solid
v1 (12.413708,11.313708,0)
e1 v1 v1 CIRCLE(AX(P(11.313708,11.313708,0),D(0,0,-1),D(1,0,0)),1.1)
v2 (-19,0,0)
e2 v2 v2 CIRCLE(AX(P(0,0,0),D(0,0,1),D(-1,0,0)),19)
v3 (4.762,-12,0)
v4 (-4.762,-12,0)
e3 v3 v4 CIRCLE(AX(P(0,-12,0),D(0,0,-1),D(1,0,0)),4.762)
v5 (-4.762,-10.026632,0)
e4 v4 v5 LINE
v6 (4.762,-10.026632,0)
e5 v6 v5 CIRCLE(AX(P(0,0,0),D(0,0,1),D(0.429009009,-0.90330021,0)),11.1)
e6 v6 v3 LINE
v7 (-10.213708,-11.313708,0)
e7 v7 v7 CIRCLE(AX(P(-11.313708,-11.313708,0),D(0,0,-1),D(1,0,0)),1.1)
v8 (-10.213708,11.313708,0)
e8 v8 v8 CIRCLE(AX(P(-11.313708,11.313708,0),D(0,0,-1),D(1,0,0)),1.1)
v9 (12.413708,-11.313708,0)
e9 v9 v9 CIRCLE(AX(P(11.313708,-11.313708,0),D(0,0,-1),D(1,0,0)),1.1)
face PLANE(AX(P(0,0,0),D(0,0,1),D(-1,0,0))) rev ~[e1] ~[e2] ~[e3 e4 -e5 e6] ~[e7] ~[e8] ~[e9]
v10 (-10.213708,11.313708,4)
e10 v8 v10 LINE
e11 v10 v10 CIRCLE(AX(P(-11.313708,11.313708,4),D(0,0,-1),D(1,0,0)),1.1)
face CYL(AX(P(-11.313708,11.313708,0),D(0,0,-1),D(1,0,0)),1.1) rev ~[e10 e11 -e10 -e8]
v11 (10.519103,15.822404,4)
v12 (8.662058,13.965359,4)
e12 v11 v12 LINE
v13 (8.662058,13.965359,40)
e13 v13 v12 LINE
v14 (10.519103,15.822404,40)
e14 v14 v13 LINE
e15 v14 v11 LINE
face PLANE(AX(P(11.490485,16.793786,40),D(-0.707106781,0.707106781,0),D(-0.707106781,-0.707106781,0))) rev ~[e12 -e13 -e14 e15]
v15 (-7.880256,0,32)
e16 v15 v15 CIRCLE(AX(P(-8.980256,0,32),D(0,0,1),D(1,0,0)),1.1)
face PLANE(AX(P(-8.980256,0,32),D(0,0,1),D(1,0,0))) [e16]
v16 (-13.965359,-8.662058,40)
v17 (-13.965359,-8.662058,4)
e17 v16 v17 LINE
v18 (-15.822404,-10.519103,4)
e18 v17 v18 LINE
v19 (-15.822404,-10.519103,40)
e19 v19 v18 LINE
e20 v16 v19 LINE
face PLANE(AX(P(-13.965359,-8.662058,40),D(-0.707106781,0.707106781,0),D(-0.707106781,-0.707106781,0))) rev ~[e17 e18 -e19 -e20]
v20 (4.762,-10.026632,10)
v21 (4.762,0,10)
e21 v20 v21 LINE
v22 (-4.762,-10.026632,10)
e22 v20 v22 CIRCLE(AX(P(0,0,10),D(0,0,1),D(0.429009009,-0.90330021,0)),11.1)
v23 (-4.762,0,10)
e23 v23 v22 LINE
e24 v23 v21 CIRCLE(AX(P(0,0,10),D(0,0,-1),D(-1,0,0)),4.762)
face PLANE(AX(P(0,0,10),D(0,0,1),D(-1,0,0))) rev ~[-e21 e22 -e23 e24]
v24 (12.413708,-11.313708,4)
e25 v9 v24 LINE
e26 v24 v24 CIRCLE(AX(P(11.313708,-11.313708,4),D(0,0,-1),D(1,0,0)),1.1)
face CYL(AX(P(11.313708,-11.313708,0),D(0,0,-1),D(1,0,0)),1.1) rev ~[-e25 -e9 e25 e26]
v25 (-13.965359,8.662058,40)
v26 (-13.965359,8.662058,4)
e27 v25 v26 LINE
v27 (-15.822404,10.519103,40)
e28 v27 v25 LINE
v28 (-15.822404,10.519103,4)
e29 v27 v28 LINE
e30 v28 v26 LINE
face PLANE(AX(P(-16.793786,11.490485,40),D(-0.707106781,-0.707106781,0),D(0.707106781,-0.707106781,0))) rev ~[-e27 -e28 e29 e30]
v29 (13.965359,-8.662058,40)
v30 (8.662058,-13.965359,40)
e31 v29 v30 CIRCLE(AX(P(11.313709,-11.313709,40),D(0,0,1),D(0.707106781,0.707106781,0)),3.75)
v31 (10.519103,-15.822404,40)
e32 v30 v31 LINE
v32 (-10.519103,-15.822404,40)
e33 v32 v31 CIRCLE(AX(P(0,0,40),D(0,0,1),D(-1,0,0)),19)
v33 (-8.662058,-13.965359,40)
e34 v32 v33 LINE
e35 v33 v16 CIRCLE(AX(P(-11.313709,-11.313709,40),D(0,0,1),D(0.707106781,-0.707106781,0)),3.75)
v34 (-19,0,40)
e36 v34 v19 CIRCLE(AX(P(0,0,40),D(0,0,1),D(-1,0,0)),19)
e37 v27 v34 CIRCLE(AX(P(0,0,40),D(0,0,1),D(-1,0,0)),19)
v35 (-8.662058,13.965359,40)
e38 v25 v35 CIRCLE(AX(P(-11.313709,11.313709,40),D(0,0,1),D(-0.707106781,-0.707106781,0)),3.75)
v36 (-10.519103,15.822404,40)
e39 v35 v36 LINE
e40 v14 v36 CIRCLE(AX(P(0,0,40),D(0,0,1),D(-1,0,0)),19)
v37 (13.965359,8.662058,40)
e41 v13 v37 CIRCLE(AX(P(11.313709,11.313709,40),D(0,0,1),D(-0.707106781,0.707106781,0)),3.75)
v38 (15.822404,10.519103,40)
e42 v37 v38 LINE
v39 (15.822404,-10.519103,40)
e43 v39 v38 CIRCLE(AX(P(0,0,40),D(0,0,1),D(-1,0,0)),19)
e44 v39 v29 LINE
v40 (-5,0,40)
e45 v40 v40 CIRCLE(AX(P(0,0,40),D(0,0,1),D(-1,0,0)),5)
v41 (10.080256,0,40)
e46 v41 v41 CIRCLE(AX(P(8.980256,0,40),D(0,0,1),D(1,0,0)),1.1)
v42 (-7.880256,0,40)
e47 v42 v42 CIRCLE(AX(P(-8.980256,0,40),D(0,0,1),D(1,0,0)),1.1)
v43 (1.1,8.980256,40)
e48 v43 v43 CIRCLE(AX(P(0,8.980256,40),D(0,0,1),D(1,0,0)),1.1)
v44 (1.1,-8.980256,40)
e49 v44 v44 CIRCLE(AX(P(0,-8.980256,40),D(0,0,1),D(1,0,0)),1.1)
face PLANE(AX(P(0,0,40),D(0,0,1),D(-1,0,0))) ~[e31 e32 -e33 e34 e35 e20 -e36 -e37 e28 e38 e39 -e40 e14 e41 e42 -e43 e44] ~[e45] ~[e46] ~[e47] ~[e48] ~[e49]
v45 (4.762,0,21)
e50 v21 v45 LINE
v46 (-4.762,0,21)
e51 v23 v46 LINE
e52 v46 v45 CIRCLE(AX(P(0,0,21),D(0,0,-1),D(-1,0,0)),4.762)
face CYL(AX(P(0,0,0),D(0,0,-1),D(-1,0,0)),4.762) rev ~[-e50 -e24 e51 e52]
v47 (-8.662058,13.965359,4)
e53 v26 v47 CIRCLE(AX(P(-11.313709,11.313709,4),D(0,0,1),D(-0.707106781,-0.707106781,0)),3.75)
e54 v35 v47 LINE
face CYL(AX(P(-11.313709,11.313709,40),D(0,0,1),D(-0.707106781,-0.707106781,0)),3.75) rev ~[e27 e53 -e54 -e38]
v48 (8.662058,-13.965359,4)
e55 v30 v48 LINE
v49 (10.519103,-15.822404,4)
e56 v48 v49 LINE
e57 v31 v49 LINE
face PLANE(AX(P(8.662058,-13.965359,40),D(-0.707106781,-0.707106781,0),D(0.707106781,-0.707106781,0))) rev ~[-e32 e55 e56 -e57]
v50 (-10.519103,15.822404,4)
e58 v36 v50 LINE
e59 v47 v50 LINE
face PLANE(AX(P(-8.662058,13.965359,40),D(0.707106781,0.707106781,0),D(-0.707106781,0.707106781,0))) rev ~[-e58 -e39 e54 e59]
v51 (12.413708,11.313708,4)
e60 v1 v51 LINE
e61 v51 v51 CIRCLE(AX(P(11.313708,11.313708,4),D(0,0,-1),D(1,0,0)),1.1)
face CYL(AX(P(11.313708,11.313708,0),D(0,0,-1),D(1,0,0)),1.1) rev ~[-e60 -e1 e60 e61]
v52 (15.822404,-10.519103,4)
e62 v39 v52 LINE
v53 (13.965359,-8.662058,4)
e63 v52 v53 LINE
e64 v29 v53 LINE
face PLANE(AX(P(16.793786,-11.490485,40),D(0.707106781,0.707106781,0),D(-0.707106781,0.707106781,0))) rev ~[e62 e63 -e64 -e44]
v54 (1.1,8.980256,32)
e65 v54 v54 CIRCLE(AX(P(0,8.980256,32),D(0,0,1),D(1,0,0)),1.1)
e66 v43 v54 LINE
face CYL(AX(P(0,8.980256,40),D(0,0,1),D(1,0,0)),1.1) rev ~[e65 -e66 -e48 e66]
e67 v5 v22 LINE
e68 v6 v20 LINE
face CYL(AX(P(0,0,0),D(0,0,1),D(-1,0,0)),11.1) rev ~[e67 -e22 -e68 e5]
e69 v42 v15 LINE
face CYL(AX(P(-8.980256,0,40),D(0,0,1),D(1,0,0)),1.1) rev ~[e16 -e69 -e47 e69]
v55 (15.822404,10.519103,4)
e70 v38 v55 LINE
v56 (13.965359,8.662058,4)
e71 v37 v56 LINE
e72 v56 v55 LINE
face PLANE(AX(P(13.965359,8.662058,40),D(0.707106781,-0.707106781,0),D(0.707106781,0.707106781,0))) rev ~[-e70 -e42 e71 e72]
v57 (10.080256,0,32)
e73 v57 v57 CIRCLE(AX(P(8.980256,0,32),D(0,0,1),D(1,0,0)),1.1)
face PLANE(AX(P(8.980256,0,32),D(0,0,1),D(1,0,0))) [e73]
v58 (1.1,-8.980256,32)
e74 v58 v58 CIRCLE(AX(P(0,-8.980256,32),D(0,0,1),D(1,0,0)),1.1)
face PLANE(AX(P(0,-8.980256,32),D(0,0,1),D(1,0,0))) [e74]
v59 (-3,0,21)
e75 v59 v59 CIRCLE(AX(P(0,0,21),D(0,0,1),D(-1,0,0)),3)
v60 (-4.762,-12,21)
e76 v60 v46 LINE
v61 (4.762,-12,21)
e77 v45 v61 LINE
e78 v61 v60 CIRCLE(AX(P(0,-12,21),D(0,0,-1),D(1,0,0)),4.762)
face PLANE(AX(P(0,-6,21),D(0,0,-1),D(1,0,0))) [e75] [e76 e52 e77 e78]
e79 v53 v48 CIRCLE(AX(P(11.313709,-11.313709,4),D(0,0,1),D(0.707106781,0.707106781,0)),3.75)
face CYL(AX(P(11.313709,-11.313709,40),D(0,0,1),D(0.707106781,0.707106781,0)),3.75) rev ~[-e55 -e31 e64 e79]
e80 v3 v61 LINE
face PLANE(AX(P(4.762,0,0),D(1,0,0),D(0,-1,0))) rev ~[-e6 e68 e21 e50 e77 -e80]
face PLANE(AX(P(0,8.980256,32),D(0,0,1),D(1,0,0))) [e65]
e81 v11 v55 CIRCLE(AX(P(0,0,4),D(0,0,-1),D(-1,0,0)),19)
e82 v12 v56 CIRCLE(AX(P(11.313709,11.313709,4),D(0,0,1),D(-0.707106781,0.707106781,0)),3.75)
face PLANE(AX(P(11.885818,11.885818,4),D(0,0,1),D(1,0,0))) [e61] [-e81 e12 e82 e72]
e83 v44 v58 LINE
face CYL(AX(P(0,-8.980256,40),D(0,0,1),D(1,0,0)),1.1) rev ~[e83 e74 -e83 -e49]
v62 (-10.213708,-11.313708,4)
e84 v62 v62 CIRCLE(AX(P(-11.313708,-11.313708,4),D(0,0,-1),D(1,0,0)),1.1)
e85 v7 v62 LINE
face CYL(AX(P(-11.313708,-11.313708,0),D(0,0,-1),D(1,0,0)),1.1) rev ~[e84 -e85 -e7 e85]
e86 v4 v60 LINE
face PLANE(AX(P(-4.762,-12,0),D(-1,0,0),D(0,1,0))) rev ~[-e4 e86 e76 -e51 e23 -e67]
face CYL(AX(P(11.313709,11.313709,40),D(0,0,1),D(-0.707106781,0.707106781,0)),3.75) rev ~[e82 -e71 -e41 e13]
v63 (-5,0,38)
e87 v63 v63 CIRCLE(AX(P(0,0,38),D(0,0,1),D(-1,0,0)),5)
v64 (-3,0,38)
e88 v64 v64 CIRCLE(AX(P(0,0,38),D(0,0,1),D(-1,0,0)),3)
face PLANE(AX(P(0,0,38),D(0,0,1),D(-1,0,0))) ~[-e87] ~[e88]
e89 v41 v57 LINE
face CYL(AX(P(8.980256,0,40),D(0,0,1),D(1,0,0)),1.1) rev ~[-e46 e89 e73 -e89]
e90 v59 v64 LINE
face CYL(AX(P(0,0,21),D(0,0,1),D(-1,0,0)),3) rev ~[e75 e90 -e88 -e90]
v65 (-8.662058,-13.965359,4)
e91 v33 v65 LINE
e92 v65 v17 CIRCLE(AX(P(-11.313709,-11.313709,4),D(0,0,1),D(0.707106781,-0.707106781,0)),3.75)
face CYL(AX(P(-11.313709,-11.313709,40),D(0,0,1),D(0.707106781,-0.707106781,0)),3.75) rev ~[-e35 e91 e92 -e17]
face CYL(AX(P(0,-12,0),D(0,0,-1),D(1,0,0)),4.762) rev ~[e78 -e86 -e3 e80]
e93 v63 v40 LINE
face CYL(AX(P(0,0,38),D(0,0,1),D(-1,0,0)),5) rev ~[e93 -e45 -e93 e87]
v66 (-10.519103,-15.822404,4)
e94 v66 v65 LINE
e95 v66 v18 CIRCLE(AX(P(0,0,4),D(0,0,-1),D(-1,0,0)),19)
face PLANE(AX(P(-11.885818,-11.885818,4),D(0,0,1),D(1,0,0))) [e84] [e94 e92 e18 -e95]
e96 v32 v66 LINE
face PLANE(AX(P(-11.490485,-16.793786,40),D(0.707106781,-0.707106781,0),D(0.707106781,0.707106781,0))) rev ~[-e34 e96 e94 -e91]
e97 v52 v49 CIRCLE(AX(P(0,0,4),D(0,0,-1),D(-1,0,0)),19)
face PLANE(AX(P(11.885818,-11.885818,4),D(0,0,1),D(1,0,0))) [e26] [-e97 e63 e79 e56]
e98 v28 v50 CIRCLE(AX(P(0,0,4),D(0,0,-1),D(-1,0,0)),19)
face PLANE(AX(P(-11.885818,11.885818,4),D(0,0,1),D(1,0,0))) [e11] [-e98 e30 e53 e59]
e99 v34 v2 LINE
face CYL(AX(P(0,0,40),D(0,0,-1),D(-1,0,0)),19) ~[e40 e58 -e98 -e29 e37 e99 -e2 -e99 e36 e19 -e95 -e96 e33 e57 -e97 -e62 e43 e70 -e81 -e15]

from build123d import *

# Parameters (mm, degrees)
F3_DEPTH = 36
F4_R     = 1.1
F5_DEPTH = 8
F6_R     = 1.1
F7_DEPTH = 21


with BuildPart() as f1:
    # F0 (on Front) → F1 (revolve)
    with BuildSketch(Plane.XZ):
        Polygon((-19, 0), (-11.1, 0), (-11.1, 10), (0, 10), (0, 21), (-3, 21), (-3, 38), (-5, 38), (-5, 40), (-19, 40), align=None)
    revolve(axis=Axis((0, 0, 15.5), (0, 0, 1)))

    # F2 (on face) → F3 (cut)
    with BuildSketch(Plane.XY.offset(40)):
        with BuildLine():
            Line((11.490485, 16.793786), (8.662058, 13.965359))
            ThreePointArc((8.662058, 13.965359), (8.662058, 8.662058), (13.965359, 8.662058))
            Line((13.965359, 8.662058), (16.793786, 11.490485))
            Line((16.793786, 11.490485), (11.490485, 16.793786))
        make_face()
        with BuildLine():
            Line((-16.793786, 11.490485), (-13.965359, 8.662058))
            ThreePointArc((-13.965359, 8.662058), (-8.662058, 8.662058), (-8.662058, 13.965359))
            Line((-8.662058, 13.965359), (-11.490485, 16.793786))
            Line((-11.490485, 16.793786), (-16.793786, 11.490485))
        make_face()
        with BuildLine():
            Line((-11.490485, -16.793786), (-8.662058, -13.965359))
            ThreePointArc((-8.662058, -13.965359), (-8.662058, -8.662058), (-13.965359, -8.662058))
            Line((-13.965359, -8.662058), (-16.793786, -11.490485))
            Line((-16.793786, -11.490485), (-11.490485, -16.793786))
        make_face()
        with BuildLine():
            Line((16.793786, -11.490485), (13.965359, -8.662058))
            ThreePointArc((13.965359, -8.662058), (8.662058, -8.662058), (8.662058, -13.965359))
            Line((8.662058, -13.965359), (11.490485, -16.793786))
            Line((11.490485, -16.793786), (16.793786, -11.490485))
        make_face()
    extrude(amount=-F3_DEPTH, mode=Mode.SUBTRACT)

    # F4 (on face) → F5 (cut)
    with BuildSketch(Plane.XY.offset(40)):
        with Locations((0, 8.980256)):
            Circle(F4_R)
        with Locations((8.980256, 0)):
            Circle(F4_R)
        with Locations((0, -8.980256)):
            Circle(F4_R)
        with Locations((-8.980256, 0)):
            Circle(F4_R)
    extrude(amount=-F5_DEPTH, mode=Mode.SUBTRACT)

    # F6 (on face) → F7 (cut)
    with BuildSketch(Plane(origin=(0, 0, 0), x_dir=(1, 0, 0), z_dir=(0, 0, -1))):
        with Locations((11.313708, 11.313708)):
            Circle(F6_R)
        with Locations((-11.313708, 11.313708)):
            Circle(F6_R)
        with Locations((-11.313708, -11.313708)):
            Circle(F6_R)
        with Locations((11.313708, -11.313708)):
            Circle(F6_R)
        with BuildLine():
            Line((-4.762, 12), (-4.762, 0))
            ThreePointArc((-4.762, 0), (0, -4.762), (4.762, 0))
            Line((4.762, 0), (4.762, 12))
            ThreePointArc((4.762, 12), (0, 16.762), (-4.762, 12))
        make_face()
    extrude(amount=-F7_DEPTH, mode=Mode.SUBTRACT)


solid = f1.part
